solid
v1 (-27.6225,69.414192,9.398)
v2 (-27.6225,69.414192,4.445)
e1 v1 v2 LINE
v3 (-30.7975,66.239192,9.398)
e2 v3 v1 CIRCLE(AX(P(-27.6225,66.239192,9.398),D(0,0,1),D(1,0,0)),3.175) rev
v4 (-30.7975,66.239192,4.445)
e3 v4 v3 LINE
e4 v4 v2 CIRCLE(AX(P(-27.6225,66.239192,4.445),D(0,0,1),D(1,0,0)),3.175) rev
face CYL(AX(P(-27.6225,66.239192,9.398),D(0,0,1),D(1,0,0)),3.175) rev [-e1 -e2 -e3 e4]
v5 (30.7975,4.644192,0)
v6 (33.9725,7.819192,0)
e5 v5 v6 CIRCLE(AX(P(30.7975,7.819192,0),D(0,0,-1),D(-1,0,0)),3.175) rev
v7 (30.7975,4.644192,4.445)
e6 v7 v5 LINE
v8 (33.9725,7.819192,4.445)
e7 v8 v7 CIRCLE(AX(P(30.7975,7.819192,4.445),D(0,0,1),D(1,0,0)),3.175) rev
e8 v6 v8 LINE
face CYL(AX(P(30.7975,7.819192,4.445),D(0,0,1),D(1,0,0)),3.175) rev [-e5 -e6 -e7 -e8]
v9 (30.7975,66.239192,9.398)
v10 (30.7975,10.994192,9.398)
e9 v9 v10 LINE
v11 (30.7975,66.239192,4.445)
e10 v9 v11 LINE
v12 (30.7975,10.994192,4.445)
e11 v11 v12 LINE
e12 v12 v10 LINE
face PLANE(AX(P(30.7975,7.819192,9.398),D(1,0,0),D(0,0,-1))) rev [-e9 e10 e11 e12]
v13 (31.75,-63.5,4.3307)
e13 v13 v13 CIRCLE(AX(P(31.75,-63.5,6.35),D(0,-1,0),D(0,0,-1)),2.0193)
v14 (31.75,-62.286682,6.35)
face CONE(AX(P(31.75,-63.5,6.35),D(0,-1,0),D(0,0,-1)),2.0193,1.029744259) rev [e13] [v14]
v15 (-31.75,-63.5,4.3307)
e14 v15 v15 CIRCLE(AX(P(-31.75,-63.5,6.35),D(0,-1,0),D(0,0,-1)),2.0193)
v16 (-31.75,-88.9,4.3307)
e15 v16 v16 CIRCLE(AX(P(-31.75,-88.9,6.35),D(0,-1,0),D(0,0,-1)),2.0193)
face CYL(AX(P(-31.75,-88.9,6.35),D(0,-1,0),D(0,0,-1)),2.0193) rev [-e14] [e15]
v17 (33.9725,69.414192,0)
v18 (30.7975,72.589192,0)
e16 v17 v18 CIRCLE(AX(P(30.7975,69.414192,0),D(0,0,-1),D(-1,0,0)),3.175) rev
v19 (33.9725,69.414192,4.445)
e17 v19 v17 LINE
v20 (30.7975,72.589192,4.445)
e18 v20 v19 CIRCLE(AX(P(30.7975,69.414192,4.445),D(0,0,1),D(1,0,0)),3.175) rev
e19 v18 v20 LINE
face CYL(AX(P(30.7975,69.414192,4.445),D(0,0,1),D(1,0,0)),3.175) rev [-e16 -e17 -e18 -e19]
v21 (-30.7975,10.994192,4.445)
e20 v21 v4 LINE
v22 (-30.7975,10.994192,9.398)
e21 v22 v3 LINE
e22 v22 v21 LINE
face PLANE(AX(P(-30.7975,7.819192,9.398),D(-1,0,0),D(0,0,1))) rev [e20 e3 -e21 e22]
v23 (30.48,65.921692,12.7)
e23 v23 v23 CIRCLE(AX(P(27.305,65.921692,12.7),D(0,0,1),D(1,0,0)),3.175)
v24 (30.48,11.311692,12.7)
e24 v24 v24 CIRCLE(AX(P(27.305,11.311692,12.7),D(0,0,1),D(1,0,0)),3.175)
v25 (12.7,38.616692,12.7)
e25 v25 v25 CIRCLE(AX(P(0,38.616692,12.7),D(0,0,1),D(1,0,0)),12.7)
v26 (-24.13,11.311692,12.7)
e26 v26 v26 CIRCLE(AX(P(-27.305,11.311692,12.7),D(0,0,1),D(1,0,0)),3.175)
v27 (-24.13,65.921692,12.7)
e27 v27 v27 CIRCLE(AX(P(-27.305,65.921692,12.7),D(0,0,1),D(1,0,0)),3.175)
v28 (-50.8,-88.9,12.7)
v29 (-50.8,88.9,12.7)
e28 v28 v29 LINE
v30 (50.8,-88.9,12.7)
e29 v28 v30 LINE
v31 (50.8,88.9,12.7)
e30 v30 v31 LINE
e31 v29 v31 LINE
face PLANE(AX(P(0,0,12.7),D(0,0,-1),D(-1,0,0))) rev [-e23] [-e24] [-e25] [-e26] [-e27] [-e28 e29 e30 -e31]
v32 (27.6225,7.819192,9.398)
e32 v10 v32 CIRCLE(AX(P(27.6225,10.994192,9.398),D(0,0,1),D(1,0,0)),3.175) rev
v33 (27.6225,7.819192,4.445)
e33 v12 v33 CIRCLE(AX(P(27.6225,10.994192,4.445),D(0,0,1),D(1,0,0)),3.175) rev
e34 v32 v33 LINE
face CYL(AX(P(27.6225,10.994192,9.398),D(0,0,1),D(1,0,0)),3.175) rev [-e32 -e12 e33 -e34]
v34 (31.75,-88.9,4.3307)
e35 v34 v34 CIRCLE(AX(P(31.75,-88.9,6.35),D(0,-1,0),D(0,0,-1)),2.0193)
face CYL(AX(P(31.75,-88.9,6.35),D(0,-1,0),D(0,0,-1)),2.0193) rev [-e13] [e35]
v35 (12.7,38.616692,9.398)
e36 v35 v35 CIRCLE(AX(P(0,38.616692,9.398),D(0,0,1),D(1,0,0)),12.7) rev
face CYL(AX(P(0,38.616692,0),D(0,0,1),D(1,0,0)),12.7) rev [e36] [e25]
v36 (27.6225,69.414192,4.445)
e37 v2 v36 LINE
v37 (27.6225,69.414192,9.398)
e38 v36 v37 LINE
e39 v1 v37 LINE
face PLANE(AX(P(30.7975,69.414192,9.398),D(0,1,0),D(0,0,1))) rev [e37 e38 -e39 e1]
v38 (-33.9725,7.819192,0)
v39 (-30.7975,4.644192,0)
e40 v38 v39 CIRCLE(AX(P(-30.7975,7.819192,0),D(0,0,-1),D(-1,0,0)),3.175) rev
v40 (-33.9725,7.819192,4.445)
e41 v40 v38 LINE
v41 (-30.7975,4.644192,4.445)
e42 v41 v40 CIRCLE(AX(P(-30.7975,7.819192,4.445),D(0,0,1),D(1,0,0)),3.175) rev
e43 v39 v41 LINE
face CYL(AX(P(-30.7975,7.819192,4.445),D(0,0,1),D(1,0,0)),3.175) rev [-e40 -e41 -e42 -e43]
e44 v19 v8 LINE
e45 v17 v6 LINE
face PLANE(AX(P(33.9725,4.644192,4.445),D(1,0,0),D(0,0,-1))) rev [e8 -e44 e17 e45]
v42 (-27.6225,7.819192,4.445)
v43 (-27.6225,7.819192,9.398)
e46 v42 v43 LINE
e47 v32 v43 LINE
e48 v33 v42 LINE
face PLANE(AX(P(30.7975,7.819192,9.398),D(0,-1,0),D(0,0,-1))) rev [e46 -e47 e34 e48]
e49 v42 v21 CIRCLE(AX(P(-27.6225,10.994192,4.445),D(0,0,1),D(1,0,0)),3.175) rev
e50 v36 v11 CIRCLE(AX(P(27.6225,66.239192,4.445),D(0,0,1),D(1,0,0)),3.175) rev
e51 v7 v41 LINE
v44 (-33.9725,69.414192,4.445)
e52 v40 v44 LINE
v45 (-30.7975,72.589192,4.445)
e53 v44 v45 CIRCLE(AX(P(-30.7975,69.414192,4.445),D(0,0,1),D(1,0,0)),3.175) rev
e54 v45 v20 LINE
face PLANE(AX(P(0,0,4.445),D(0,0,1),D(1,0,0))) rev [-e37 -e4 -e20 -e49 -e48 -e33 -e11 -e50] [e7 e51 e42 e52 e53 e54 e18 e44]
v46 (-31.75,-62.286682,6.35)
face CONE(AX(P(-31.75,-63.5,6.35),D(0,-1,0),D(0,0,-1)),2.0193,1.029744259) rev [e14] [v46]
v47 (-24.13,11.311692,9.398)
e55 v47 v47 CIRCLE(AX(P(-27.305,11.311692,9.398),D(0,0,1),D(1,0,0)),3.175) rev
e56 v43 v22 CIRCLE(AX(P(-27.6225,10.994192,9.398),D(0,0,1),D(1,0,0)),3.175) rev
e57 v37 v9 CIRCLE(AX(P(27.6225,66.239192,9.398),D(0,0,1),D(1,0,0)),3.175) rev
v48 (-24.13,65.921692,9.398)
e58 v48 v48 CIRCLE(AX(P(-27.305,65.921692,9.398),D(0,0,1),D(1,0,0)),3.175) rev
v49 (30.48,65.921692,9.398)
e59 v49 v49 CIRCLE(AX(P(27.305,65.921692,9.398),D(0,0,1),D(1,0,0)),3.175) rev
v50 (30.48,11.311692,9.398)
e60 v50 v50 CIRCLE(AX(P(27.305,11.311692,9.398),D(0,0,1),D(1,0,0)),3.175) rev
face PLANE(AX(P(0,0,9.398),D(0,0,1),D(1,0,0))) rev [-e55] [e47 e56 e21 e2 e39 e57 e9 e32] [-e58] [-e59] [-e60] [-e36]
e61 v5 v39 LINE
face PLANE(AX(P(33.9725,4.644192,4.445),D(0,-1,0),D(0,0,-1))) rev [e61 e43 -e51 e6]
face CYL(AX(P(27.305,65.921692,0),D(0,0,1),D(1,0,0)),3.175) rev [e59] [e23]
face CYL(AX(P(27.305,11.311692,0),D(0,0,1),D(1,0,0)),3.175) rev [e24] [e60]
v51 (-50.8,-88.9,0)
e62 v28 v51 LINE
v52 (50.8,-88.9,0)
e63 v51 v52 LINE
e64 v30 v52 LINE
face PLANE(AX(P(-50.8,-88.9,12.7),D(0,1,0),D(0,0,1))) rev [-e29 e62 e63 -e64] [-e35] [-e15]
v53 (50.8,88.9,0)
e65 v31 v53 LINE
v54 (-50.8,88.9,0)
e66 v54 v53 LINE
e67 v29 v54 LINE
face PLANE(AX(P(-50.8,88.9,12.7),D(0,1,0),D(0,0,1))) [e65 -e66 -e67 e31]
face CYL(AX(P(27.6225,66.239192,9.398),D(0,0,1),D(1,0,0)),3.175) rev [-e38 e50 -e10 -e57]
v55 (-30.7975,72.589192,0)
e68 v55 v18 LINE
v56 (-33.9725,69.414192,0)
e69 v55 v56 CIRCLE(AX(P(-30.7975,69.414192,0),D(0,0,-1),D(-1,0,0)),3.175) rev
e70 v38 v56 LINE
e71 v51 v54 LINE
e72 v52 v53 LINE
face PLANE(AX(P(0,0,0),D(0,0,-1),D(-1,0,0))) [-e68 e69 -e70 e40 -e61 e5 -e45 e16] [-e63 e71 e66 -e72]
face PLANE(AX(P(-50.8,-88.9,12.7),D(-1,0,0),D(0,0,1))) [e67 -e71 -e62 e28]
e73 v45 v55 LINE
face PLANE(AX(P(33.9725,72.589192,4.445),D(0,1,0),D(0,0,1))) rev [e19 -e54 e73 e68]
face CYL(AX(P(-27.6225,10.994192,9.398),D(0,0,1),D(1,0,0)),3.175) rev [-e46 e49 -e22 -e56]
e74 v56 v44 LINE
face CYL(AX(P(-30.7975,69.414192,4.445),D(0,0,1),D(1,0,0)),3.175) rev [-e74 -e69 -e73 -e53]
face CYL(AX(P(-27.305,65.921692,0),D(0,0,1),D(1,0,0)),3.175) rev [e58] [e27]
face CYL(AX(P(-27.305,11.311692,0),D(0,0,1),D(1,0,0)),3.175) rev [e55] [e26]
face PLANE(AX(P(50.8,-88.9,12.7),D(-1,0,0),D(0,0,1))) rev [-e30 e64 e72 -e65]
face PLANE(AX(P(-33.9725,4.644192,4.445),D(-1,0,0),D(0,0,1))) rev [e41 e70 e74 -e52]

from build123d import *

# Parameters (mm, degrees)
SKETCH1_W                  = 101.6
SKETCH1_H                  = 177.8
BOSS_EXTRUDE1_DEPTH        = 12.7
F_10_32_TAPPED_HOLE1_D     = 4.0386
F_10_32_TAPPED_HOLE1_DEPTH = 25.4
F_10_32_TAPPED_HOLE1_TIP   = 1.213317848
SKETCH5_R                  = 12.7
SKETCH5_R_2                = 3.175
CUT_EXTRUDE1_DEPTH         = 104.175287739
SKETCH6_W                  = 61.595
SKETCH6_H                  = 61.595
CUT_EXTRUDE2_DEPTH         = 9.398
FILLET1_R                  = 3.175
SKETCH7_W                  = 67.945
SKETCH7_H                  = 67.945
CUT_EXTRUDE3_DEPTH         = 4.445
FILLET2_R                  = 3.175


with BuildPart() as part:
    # Sketch1 → Boss-Extrude1 (new body)
    with BuildSketch(Plane.XY):
        Rectangle(SKETCH1_W, SKETCH1_H)
    extrude(amount=BOSS_EXTRUDE1_DEPTH)

    # #10-32 Tapped Hole1
    with Locations(Plane(origin=(0, -88.9, 0), x_dir=(-1, 0, 0), z_dir=(0, -1, 0))):
        with Locations((31.75, -6.35), (-31.75, -6.35)):
            Hole(F_10_32_TAPPED_HOLE1_D / 2, depth=F_10_32_TAPPED_HOLE1_DEPTH)
            with Locations((0, 0, -(F_10_32_TAPPED_HOLE1_DEPTH + F_10_32_TAPPED_HOLE1_TIP / 2))):  # 118° drill point
                Cone(0, F_10_32_TAPPED_HOLE1_D / 2, F_10_32_TAPPED_HOLE1_TIP, mode=Mode.SUBTRACT)

    # Sketch5 → Cut-Extrude1 (cut, through all)
    with BuildSketch(Plane.XY.offset(12.7)):
        with Locations((0, 38.616692093)):
            Circle(SKETCH5_R)
        with Locations((-27.305, 65.921692093)):
            Circle(SKETCH5_R_2)
        with Locations((27.305, 65.921692093)):
            Circle(SKETCH5_R_2)
        with Locations((27.305, 11.311692093)):
            Circle(SKETCH5_R_2)
        with Locations((-27.305, 11.311692093)):
            Circle(SKETCH5_R_2)
    extrude(amount=-CUT_EXTRUDE1_DEPTH, mode=Mode.SUBTRACT)

    # Sketch6 → Cut-Extrude2 (cut)
    with BuildSketch(Plane(origin=(0, 0, 0), x_dir=(-1, 0, 0), z_dir=(0, 0, -1))):
        with Locations((0, 38.616692093)):
            Rectangle(SKETCH6_W, SKETCH6_H)
    extrude(amount=-CUT_EXTRUDE2_DEPTH, mode=Mode.SUBTRACT)

    # Fillet1
    fillet1_edges = [part.edges().sort_by_distance(p)[0] for p in [
        (-30.7975, 69.414192093, 4.699),
        (-30.7975, 7.819192093, 4.699),
        (30.7975, 7.819192093, 4.699),
        (30.7975, 69.414192093, 4.699),
    ]]
    fillet(fillet1_edges, radius=FILLET1_R)

    # Sketch7 → Cut-Extrude3 (cut)
    with BuildSketch(Plane(origin=(0, 0, 0), x_dir=(-1, 0, 0), z_dir=(0, 0, -1))):
        with Locations((0, 38.616692093)):
            Rectangle(SKETCH7_W, SKETCH7_H)
    extrude(amount=-CUT_EXTRUDE3_DEPTH, mode=Mode.SUBTRACT)

    # Fillet2
    fillet2_edges = [part.edges().sort_by_distance(p)[0] for p in [
        (-33.9725, 72.589192093, 2.2225),
        (-33.9725, 4.644192093, 2.2225),
        (33.9725, 4.644192093, 2.2225),
        (33.9725, 72.589192093, 2.2225),
    ]]
    fillet(fillet2_edges, radius=FILLET2_R)


solid = part.part
